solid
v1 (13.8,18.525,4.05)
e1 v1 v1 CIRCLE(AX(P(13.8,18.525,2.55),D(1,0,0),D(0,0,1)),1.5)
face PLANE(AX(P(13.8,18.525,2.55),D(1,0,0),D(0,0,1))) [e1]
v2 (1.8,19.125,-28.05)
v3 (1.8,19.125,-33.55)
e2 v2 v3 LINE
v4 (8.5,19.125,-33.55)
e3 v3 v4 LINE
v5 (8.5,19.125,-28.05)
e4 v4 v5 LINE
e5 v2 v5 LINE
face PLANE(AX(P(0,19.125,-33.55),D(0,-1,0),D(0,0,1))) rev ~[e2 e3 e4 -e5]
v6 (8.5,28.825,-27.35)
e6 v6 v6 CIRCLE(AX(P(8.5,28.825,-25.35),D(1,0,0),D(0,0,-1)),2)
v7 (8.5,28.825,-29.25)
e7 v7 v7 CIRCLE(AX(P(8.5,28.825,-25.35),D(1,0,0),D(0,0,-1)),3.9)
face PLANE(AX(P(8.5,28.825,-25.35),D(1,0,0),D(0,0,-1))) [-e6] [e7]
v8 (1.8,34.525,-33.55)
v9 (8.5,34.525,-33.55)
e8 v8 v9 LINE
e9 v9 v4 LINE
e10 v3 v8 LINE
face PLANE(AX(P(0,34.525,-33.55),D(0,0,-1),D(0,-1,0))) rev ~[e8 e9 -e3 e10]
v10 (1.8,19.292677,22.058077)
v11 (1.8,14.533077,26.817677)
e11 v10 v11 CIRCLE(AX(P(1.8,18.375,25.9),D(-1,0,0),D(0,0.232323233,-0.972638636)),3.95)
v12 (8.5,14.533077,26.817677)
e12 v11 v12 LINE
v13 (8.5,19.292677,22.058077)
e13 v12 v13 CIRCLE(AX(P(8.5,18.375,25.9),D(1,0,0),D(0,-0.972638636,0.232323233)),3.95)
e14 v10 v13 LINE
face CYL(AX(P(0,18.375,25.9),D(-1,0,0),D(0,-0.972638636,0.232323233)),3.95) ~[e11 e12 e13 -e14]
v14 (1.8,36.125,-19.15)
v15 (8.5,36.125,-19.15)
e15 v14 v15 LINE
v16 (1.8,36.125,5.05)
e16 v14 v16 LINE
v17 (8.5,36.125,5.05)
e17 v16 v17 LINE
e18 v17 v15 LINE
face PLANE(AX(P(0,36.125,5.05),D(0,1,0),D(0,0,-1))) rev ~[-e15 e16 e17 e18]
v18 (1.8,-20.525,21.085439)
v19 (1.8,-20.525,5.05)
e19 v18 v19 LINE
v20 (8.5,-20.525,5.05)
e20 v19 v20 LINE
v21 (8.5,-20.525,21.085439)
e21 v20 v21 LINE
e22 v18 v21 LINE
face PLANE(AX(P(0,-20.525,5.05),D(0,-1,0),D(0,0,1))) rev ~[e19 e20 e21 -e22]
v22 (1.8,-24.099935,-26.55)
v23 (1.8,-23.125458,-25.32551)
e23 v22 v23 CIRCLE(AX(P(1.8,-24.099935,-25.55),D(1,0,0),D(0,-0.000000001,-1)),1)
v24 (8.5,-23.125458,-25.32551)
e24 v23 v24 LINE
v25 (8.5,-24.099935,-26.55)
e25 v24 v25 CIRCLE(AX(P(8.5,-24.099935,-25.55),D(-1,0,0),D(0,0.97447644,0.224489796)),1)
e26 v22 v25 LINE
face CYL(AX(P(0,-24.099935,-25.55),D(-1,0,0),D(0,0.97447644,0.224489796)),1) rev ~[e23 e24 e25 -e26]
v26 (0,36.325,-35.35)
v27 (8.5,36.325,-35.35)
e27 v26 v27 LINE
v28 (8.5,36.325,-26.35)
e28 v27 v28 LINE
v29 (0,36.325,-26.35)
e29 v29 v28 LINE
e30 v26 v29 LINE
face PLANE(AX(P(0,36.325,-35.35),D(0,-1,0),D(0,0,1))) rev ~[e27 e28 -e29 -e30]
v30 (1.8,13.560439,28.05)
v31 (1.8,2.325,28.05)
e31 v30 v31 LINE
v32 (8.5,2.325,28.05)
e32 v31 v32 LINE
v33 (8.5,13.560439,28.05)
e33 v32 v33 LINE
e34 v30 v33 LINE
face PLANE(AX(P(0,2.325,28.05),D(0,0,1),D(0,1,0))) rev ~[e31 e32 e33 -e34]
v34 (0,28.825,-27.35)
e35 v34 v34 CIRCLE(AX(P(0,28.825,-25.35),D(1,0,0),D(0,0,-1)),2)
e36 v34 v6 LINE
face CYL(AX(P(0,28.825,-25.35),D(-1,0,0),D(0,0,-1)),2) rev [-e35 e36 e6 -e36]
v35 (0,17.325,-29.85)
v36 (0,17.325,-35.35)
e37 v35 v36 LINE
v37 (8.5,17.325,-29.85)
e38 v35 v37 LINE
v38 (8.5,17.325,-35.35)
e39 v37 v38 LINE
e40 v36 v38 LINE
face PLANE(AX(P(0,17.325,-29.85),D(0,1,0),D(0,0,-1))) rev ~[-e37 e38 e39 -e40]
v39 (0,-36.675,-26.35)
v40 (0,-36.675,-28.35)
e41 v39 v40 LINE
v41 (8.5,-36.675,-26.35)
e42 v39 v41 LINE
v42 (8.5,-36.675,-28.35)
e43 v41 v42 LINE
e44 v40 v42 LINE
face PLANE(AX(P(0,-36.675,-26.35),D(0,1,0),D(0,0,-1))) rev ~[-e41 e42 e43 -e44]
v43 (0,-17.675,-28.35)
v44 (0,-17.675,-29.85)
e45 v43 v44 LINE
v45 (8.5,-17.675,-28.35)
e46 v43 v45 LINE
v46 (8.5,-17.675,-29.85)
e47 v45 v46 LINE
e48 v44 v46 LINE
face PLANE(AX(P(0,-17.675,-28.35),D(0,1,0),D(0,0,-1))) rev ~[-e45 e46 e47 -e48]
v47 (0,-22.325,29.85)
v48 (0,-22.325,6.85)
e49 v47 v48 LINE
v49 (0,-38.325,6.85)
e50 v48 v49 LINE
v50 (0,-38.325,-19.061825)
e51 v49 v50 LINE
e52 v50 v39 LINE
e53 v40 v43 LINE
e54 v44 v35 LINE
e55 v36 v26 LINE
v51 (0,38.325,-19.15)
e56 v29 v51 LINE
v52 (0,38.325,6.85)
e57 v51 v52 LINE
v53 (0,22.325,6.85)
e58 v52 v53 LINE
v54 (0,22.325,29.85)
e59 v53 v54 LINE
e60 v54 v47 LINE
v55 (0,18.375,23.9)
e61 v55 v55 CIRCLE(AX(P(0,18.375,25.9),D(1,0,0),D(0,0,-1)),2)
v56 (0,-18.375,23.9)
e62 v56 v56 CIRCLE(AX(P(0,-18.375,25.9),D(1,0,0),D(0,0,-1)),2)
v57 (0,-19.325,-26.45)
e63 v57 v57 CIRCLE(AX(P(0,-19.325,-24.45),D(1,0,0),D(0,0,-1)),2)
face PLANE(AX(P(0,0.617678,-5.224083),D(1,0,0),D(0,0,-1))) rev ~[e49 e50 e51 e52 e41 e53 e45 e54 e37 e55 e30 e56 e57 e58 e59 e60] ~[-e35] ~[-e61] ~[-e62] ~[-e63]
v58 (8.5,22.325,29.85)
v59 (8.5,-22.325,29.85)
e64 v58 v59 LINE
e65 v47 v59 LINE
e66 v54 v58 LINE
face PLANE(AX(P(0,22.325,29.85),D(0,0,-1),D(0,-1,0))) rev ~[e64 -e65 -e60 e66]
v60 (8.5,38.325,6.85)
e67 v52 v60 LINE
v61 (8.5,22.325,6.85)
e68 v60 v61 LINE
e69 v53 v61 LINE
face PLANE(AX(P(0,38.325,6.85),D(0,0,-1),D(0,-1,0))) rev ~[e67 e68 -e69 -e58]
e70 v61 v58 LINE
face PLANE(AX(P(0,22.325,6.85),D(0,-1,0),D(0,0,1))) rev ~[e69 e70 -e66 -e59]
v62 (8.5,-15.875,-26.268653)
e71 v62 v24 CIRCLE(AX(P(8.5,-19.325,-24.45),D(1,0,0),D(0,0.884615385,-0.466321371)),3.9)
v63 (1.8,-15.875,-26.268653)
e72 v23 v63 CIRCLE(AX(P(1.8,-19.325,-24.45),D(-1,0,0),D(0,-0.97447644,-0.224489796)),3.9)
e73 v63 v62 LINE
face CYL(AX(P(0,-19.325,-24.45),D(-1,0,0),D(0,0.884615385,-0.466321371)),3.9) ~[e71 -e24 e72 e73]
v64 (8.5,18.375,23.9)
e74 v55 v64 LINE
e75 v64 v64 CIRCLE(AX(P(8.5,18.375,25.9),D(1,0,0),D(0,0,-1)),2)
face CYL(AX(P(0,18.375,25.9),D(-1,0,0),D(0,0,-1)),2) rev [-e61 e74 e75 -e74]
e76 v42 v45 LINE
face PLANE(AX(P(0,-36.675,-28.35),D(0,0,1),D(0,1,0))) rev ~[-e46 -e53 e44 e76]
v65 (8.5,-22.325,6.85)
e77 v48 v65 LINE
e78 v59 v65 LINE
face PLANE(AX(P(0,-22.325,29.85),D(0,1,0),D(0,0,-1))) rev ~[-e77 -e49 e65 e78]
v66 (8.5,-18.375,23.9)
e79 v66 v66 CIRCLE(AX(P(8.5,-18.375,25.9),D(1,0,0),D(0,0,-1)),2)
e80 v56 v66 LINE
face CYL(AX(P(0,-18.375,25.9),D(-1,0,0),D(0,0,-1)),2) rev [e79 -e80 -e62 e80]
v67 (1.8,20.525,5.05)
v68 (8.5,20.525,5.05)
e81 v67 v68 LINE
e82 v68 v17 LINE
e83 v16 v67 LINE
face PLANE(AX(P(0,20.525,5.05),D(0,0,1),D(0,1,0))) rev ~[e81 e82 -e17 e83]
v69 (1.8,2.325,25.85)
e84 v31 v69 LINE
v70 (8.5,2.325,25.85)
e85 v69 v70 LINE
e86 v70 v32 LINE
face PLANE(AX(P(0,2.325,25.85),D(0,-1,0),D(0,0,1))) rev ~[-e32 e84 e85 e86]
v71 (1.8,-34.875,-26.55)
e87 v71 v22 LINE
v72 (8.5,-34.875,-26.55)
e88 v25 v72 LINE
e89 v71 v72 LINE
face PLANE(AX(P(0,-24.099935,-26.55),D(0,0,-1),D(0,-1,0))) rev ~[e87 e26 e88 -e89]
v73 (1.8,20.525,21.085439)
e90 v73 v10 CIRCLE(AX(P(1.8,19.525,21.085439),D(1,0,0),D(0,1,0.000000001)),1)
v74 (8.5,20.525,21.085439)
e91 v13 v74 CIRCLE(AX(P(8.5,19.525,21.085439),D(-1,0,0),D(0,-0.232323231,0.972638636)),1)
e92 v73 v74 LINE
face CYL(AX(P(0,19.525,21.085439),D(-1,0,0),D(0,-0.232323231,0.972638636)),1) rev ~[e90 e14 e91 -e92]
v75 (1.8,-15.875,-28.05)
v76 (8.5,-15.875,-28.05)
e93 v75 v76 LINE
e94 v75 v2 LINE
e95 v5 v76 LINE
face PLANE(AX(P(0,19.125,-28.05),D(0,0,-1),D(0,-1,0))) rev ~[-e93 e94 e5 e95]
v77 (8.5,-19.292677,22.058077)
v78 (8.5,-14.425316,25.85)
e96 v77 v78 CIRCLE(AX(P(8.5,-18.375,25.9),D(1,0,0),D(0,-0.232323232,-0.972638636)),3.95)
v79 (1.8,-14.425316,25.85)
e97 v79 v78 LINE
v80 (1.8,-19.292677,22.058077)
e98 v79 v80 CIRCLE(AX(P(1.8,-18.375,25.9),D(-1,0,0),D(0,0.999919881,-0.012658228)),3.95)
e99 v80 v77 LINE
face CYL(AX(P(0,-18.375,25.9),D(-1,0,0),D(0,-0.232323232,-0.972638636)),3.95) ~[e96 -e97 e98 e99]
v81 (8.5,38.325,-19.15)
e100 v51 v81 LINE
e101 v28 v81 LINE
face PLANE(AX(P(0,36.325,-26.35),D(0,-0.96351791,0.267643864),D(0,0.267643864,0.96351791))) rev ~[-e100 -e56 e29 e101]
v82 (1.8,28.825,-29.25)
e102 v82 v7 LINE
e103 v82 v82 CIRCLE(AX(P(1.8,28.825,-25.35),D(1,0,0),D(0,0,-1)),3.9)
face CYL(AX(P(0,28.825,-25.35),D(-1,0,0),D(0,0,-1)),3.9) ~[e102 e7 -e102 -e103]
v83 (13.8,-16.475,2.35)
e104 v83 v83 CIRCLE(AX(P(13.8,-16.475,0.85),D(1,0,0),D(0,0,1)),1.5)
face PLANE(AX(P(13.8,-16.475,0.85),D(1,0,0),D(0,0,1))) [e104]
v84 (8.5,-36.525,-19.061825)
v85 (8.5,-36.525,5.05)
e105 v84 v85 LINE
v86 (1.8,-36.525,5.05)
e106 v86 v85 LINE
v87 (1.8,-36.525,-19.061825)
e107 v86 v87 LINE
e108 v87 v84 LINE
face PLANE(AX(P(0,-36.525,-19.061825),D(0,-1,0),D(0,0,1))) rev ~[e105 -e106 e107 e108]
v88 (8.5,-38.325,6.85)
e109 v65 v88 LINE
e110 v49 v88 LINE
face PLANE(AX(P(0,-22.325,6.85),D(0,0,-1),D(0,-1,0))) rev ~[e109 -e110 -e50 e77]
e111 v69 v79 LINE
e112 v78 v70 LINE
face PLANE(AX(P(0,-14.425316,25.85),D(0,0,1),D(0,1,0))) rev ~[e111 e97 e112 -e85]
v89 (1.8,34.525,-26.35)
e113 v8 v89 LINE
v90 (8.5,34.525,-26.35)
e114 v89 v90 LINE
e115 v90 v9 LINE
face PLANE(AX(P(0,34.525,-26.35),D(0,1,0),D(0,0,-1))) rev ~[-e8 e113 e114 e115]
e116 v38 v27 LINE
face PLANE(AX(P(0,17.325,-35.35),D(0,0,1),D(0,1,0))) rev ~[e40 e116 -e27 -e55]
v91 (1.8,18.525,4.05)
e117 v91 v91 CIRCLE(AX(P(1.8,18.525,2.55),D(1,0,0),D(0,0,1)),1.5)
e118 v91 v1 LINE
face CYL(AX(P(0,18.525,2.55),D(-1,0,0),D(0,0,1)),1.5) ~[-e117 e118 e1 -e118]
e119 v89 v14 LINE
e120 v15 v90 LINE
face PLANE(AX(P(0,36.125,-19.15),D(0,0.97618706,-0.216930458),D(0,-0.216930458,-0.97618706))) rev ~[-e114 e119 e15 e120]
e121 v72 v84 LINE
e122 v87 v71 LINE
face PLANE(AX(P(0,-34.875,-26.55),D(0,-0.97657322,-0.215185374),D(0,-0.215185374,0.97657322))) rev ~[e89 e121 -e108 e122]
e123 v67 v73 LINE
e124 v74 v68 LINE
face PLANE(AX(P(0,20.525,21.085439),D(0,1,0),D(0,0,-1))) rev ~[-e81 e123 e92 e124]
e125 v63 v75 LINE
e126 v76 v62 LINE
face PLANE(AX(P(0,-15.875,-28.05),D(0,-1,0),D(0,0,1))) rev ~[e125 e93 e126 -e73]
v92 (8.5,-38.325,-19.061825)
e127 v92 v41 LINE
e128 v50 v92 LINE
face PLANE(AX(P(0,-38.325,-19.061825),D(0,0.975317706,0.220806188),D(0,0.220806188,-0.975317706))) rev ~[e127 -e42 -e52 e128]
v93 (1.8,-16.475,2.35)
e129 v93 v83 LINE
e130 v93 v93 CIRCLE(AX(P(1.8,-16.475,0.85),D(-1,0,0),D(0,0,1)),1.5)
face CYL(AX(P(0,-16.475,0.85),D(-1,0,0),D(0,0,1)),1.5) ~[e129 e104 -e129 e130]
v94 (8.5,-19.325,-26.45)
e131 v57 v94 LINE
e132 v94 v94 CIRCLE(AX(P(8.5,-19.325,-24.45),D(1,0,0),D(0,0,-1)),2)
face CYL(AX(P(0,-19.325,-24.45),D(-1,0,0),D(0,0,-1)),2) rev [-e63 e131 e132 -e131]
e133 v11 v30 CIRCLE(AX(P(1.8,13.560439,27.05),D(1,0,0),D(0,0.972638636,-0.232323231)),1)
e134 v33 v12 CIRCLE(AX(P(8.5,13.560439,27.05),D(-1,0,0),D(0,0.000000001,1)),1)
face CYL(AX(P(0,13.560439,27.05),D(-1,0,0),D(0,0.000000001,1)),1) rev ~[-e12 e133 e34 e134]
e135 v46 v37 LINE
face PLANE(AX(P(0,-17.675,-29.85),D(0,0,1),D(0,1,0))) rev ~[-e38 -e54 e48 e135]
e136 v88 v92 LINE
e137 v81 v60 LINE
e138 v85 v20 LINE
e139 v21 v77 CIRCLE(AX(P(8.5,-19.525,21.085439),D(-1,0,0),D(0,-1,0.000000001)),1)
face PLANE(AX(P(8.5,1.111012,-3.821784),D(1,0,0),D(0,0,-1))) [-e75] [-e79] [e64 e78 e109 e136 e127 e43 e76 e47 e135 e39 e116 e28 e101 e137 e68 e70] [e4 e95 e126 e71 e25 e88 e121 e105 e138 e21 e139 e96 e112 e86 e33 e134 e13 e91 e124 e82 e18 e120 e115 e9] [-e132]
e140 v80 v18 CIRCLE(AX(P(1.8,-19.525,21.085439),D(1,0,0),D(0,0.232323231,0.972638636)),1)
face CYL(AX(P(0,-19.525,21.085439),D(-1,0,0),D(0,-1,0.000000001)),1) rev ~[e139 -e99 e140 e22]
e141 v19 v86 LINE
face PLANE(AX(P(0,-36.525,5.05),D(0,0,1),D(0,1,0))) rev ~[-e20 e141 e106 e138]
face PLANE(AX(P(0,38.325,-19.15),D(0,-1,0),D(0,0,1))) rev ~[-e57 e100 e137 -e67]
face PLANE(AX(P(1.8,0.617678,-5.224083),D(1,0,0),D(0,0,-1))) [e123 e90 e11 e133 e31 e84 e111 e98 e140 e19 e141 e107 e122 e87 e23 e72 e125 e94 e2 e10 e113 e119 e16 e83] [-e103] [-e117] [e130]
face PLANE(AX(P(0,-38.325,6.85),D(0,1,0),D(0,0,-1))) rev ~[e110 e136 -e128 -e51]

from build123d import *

# Parameters (mm, degrees)
SKETCH_1_R        = 2
EXTRUDE_2_DEPTH   = 8.5
SKETCH_1_R_2      = 3.9
EXTRUDE_2_2_DEPTH = 8.5
SKETCH_1_6_R      = 1.5
SKETCH_1_6_R_2    = 3.9
EXTRUDE_3_DEPTH   = 1.8
SKETCH_1_7_R      = 1.5
EXTRUDE_4_DEPTH   = 13.8


with BuildPart() as part:
    # Эскиз1 → Бобышка-Вытянуть2 (new body)
    with BuildSketch(Plane(origin=(0, 0, 0), x_dir=(0, 0, -1), z_dir=(1, 0, 0))):
        Polygon((-6.85, 38.325), (-6.85, 22.325), (-29.85, 22.325), (-29.85, -22.325), (-6.85, -22.325), (-6.85, -38.325), (19.061824645, -38.325), (26.35, -36.675), (28.35, -36.675), (28.35, -17.675), (29.85, -17.675), (29.85, 17.325), (35.35, 17.325), (35.35, 36.325), (26.35, 36.325), (19.15, 38.325), align=None)
        with Locations((-25.9, -18.375)):
            Circle(SKETCH_1_R, mode=Mode.SUBTRACT)
        with BuildLine():
            Line((-5.05, -36.525), (-5.05, -20.525))
            Line((-5.05, -20.525), (-21.085438753, -20.525))
            ThreePointArc((-21.085438753, -20.525), (-21.87039838, -20.144546918), (-22.058077389, -19.292676768))
            ThreePointArc((-22.058077389, -19.292676768), (-22.783982594, -15.947463074), (-25.85, -14.425316468))
            Line((-25.85, -14.425316468), (-25.85, 2.325))
            Line((-25.85, 2.325), (-28.05, 2.325))
            Line((-28.05, 2.325), (-28.05, 13.560438753))
            ThreePointArc((-28.05, 13.560438753), (-27.669546918, 14.34539838), (-26.817676768, 14.533077389))
            ThreePointArc((-26.817676768, 14.533077389), (-23.106928214, 15.581928214), (-22.058077389, 19.292676768))
            ThreePointArc((-22.058077389, 19.292676768), (-21.87039838, 20.144546918), (-21.085438753, 20.525))
            Line((-21.085438753, 20.525), (-5.05, 20.525))
            Line((-5.05, 20.525), (-5.05, 36.125))
            Line((-5.05, 36.125), (19.15, 36.125))
            Line((19.15, 36.125), (26.35, 34.525))
            Line((26.35, 34.525), (33.55, 34.525))
            Line((33.55, 34.525), (33.55, 19.125))
            Line((33.55, 19.125), (28.05, 19.125))
            Line((28.05, 19.125), (28.05, -15.875))
            Line((28.05, -15.875), (26.268653348, -15.875))
            ThreePointArc((26.268653348, -15.875), (20.582582899, -18.821924489), (25.325510204, -23.125458115))
            ThreePointArc((25.325510204, -23.125458115), (26.172699849, -23.317473758), (26.55, -24.099934555))
            Line((26.55, -24.099934555), (26.55, -34.875))
            Line((26.55, -34.875), (19.061824645, -36.525))
            Line((19.061824645, -36.525), (-5.05, -36.525))
        make_face(mode=Mode.SUBTRACT)
        with Locations((24.45, -19.325)):
            Circle(SKETCH_1_R, mode=Mode.SUBTRACT)
        with Locations((-25.9, 18.375)):
            Circle(SKETCH_1_R, mode=Mode.SUBTRACT)
    extrude(amount=EXTRUDE_2_DEPTH)



with BuildPart() as body_2:
    # Эскиз1 → Extrude 2 2 (new body)
    with BuildSketch(Plane(origin=(0, 0, 0), x_dir=(0, 0, -1), z_dir=(1, 0, 0))):
        with Locations((25.35, 28.825)):
            Circle(SKETCH_1_R_2)
        with Locations((25.35, 28.825)):
            Circle(SKETCH_1_R, mode=Mode.SUBTRACT)
    extrude(amount=EXTRUDE_2_2_DEPTH)


with BuildPart() as part_1:
    add(part.part)

    add(body_2.part)  # Бобышка-Вытянуть3 merges body 2
    # Эскиз1<6> → Бобышка-Вытянуть3 (add)
    with BuildSketch(Plane(origin=(0, 0, 0), x_dir=(0, 0, -1), z_dir=(1, 0, 0))):
        with BuildLine():
            Line((-21.085438753, -20.525), (-5.05, -20.525))
            Line((-5.05, -20.525), (-5.05, -36.525))
            Line((-5.05, -36.525), (19.061824645, -36.525))
            Line((19.061824645, -36.525), (26.55, -34.875))
            Line((26.55, -34.875), (26.55, -24.099934555))
            ThreePointArc((26.55, -24.099934555), (26.172699849, -23.317473758), (25.325510204, -23.125458115))
            ThreePointArc((25.325510204, -23.125458115), (20.582582899, -18.821924489), (26.268653348, -15.875))
            Line((26.268653348, -15.875), (26.55, -15.875))
            Line((26.55, -15.875), (28.05, -15.875))
            Line((28.05, -15.875), (28.05, 19.125))
            Line((28.05, 19.125), (33.55, 19.125))
            Line((33.55, 19.125), (33.55, 34.525))
            Line((33.55, 34.525), (26.35, 34.525))
            Line((26.35, 34.525), (19.15, 36.125))
            Line((19.15, 36.125), (-5.05, 36.125))
            Line((-5.05, 36.125), (-5.05, 20.525))
            Line((-5.05, 20.525), (-21.085438753, 20.525))
            ThreePointArc((-21.085438753, 20.525), (-21.87039838, 20.144546918), (-22.058077389, 19.292676768))
            ThreePointArc((-22.058077389, 19.292676768), (-23.106928214, 15.581928214), (-26.817676768, 14.533077389))
            ThreePointArc((-26.817676768, 14.533077389), (-27.669546918, 14.34539838), (-28.05, 13.560438753))
            Line((-28.05, 13.560438753), (-28.05, 2.325))
            Line((-28.05, 2.325), (-25.85, 2.325))
            Line((-25.85, 2.325), (-25.85, -14.425316468))
            ThreePointArc((-25.85, -14.425316468), (-22.783982594, -15.947463074), (-22.058077389, -19.292676768))
            ThreePointArc((-22.058077389, -19.292676768), (-21.87039838, -20.144546918), (-21.085438753, -20.525))
        make_face()
        with Locations((-0.85, -16.475)):
            Circle(SKETCH_1_6_R, mode=Mode.SUBTRACT)
        with Locations((-2.55, 18.525)):
            Circle(SKETCH_1_6_R, mode=Mode.SUBTRACT)
        with Locations((25.35, 28.825)):
            Circle(SKETCH_1_6_R_2, mode=Mode.SUBTRACT)
    extrude(amount=EXTRUDE_3_DEPTH)

    # Эскиз1<7> → Бобышка-Вытянуть4 (add)
    with BuildSketch(Plane(origin=(0, 0, 0), x_dir=(0, 0, -1), z_dir=(1, 0, 0))):
        with Locations((-0.85, -16.475)):
            Circle(SKETCH_1_7_R)
        with Locations((-2.55, 18.525)):
            Circle(SKETCH_1_7_R)
    extrude(amount=EXTRUDE_4_DEPTH)


solid = part_1.part
